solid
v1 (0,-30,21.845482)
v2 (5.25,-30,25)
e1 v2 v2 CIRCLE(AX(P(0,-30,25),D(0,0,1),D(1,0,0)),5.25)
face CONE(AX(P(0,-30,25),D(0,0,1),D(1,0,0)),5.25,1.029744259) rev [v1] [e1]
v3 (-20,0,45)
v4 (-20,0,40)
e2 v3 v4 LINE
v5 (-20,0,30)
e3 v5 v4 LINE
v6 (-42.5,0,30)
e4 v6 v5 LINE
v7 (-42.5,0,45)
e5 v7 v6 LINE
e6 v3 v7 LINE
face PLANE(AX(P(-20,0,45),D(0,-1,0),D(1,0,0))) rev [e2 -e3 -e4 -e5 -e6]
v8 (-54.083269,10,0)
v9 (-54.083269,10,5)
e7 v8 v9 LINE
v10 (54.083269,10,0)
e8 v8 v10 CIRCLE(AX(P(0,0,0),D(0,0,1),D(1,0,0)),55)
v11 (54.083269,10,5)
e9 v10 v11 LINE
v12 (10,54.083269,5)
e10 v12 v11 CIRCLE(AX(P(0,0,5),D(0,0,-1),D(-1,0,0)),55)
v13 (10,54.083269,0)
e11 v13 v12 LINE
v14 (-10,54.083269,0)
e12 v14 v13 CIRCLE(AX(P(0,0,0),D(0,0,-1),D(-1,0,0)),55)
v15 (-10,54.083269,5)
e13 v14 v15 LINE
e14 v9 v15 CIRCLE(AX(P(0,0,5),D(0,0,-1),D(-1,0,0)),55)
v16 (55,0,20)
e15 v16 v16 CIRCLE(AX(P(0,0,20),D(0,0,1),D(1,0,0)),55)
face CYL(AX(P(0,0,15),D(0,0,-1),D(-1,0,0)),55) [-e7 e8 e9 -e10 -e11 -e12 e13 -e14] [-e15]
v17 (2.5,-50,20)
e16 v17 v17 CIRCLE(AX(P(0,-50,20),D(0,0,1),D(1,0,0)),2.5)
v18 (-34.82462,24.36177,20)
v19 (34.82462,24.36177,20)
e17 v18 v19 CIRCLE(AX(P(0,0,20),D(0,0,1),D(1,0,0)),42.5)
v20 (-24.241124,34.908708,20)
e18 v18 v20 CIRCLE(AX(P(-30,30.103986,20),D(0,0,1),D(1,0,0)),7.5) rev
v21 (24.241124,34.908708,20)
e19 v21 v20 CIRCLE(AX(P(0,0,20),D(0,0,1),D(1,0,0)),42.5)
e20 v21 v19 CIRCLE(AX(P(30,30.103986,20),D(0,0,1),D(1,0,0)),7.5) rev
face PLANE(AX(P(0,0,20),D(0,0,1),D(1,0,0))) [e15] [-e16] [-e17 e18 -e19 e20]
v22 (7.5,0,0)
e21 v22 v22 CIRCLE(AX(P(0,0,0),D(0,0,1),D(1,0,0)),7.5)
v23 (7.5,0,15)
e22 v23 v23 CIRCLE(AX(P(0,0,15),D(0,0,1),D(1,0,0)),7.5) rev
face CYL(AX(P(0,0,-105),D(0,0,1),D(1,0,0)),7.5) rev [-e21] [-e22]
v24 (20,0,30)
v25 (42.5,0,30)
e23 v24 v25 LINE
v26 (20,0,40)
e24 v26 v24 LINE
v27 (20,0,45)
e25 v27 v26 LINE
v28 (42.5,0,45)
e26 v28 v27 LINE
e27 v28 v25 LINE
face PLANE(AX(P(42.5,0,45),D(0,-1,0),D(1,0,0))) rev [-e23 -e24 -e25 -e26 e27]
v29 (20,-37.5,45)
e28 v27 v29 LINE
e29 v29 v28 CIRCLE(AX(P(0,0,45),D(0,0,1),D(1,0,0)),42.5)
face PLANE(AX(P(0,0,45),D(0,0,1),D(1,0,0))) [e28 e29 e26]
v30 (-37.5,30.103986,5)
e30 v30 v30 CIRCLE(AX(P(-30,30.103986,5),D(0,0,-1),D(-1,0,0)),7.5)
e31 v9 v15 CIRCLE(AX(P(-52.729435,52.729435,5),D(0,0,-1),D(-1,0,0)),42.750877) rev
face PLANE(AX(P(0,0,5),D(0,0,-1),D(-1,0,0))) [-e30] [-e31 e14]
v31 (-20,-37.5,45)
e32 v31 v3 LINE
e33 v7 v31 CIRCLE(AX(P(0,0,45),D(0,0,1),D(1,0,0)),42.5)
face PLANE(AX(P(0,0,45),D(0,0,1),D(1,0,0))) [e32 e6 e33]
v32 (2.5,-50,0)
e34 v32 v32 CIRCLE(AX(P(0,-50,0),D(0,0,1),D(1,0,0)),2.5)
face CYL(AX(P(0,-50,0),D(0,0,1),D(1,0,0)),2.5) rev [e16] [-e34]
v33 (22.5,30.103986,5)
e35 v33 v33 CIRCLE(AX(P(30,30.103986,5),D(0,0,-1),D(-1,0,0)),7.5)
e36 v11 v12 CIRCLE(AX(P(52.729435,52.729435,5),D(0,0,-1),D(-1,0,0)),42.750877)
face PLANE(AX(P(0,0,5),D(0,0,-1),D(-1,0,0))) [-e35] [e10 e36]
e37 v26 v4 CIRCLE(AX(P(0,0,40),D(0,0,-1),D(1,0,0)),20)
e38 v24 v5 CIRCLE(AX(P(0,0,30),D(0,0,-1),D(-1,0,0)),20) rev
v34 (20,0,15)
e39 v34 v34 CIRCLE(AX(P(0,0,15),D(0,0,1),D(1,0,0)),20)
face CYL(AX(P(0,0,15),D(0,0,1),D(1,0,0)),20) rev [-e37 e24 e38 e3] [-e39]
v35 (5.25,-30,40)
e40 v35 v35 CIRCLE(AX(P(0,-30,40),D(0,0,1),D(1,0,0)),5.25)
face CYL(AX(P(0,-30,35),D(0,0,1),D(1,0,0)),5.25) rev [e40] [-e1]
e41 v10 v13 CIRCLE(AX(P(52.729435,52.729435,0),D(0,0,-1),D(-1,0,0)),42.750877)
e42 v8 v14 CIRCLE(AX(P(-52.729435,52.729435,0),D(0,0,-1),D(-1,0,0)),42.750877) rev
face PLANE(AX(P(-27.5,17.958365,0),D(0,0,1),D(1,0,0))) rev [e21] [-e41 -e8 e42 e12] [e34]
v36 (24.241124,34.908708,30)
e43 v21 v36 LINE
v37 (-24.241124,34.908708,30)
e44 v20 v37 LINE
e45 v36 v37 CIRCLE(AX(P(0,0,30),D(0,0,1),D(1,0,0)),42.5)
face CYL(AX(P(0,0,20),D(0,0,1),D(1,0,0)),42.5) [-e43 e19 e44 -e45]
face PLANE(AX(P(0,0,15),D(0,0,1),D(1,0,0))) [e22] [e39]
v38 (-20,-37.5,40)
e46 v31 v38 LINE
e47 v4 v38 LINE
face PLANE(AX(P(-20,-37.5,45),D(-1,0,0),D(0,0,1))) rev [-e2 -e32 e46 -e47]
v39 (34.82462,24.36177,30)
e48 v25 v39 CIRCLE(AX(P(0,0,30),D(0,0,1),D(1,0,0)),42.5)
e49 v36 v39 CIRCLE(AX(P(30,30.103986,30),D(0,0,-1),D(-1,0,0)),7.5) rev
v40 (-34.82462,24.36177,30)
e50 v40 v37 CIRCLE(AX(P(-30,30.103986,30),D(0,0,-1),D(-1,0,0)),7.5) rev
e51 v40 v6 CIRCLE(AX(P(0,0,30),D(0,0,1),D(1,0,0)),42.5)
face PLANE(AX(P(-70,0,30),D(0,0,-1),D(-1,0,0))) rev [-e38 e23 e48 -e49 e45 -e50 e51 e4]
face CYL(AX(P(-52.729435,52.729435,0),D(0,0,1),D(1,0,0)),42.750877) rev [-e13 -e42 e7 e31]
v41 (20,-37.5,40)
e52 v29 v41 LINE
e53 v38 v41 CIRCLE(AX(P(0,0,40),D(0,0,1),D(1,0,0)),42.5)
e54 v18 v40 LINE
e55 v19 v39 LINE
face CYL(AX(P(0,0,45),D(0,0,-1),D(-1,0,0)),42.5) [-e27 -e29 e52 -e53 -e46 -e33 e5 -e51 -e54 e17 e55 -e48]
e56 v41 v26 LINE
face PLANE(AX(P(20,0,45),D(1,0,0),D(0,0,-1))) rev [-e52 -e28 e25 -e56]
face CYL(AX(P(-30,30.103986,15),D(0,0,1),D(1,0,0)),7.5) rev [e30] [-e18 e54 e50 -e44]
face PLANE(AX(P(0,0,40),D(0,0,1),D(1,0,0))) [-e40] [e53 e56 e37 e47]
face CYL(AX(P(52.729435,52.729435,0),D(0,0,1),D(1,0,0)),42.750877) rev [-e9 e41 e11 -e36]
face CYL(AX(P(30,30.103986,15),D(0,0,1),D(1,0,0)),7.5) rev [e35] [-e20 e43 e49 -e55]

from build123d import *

# Parameters (mm, degrees)
BOSS_EXTRUDE1_DEPTH        = 15
SKETCH2_R                  = 42.5
BOSS_EXTRUDE2_DEPTH        = 10
CUT_EXTRUDE1_DEPTH         = 10
SKETCH4_R                  = 55
BOSS_EXTRUDE3_DEPTH        = 15
SKETCH5_R                  = 42.5
CUT_EXTRUDE16_DEPTH        = 5
BOSS_EXTRUDE4_DEPTH        = 10
SKETCH11_R                 = 20
SKETCH11_R_2               = 7.5
CUT_EXTRUDE18_DEPTH        = 20
SKETCH13_R                 = 2.5
CUT_EXTRUDE19_DEPTH        = 15
SKETCH14_R                 = 7.5
CUT_EXTRUDE20_DEPTH        = 20
CUT_EXTRUDE21_DEPTH        = 20
SKETCH23_R                 = 55
BOSS_EXTRUDE5_DEPTH        = 10
SKETCH24_R                 = 55
BOSS_EXTRUDE6_DEPTH        = 10
SKETCH25_W                 = 15
SKETCH25_H                 = 55
CUT_EXTRUDE22_DEPTH        = 70
SKETCH26_R                 = 7.5
CUT_EXTRUDE23_DEPTH        = 140
CUT_EXTRUDE24_DEPTH        = 140
SKETCH29_R                 = 20
CUT_EXTRUDE25_DEPTH        = 10
CUT_EXTRUDE28_DEPTH        = 10
BOSS_EXTRUDE8_DEPTH        = 5
M12X1_5_TAPPED_HOLE1_D     = 10.5
M12X1_5_TAPPED_HOLE1_DEPTH = 10
M12X1_5_TAPPED_HOLE1_TIP   = 3.15451825
SKETCH37_W                 = 12.5
SKETCH37_H                 = 25
CUT_EXTRUDE29_DEPTH        = 75
CUT_EXTRUDE30_DEPTH        = 20
SKETCH39_R                 = 2.5
CUT_EXTRUDE31_DEPTH        = 20
SKETCH41_R                 = 5.25
BOSS_EXTRUDE17_DEPTH       = 5


with BuildPart() as part:
    # Sketch1 → Boss-Extrude1 (new body)
    with BuildSketch(Plane.XY):
        with BuildLine():
            ThreePointArc((-55, 0), (0, -55), (55, 0))
            ThreePointArc((55, 0), (23.180194847, 13.180194847), (10, 45))
            ThreePointArc((10, 45), (0, 45.916730868), (-10, 45))
            ThreePointArc((-10, 45), (-23.180194847, 13.180194847), (-55, 0))
        make_face()
    extrude(amount=BOSS_EXTRUDE1_DEPTH)

    # Sketch2 → Boss-Extrude2 (add)
    with BuildSketch(Plane.XY.offset(15)):
        Circle(SKETCH2_R)
    extrude(amount=BOSS_EXTRUDE2_DEPTH)

    # Sketch3 → Cut-Extrude1 (cut)
    with BuildSketch(Plane.XY.offset(25)):
        with BuildLine():
            ThreePointArc((-36.280461431, 22.13544936), (-23.020695518, 22.941176471), (-22.260854774, 36.203650986))
            ThreePointArc((-22.260854774, 36.203650986), (-30.103986447, 30), (-36.280461431, 22.13544936))
        make_face()
        with BuildLine():
            ThreePointArc((22.260854774, 36.203650986), (23.020695518, 22.941176471), (36.280461431, 22.13544936))
            ThreePointArc((36.280461431, 22.13544936), (30.103986447, 30), (22.260854774, 36.203650986))
        make_face()
    extrude(amount=-CUT_EXTRUDE1_DEPTH, mode=Mode.SUBTRACT)

    # Sketch4 → Boss-Extrude3 (add)
    with BuildSketch(Plane.XY.offset(25)):
        Circle(SKETCH4_R)
    extrude(amount=BOSS_EXTRUDE3_DEPTH)

    # Sketch5 → Cut-Extrude16 (cut)
    with BuildSketch(Plane.XY.offset(40)):
        Circle(SKETCH5_R)
    extrude(amount=-CUT_EXTRUDE16_DEPTH, mode=Mode.SUBTRACT)

    # Sketch10 → Boss-Extrude4 (add)
    with BuildSketch(Plane.XY.offset(35)):
        with BuildLine():
            Line((-20, -37.5), (-20, 0))
            Line((-20, 0), (-42.5, 0))
            ThreePointArc((-42.5, 0), (-36.443449343, -21.866069606), (-20, -37.5))
        make_face()
        with BuildLine():
            Line((42.5, 0), (20, 0))
            Line((20, 0), (20, -37.5))
            ThreePointArc((20, -37.5), (36.443449343, -21.866069606), (42.5, 0))
        make_face()
    extrude(amount=BOSS_EXTRUDE4_DEPTH)

    # Sketch11 → Cut-Extrude18 (cut)
    with BuildSketch(Plane.XY.offset(35)):
        Circle(SKETCH11_R)
        Circle(SKETCH11_R_2, mode=Mode.SUBTRACT)
    extrude(amount=-CUT_EXTRUDE18_DEPTH, mode=Mode.SUBTRACT)

    # Sketch13 → Cut-Extrude19 (cut)
    with BuildSketch(Plane.XY.offset(40)):
        with Locations((0, -50)):
            Circle(SKETCH13_R)
    extrude(amount=-CUT_EXTRUDE19_DEPTH, mode=Mode.SUBTRACT)

    # Sketch14 → Cut-Extrude20 (cut)
    with BuildSketch(Plane.XY.offset(35)):
        with Locations((-30, 30.103986447)):
            Circle(SKETCH14_R)
        with Locations((30, 30.103986447)):
            Circle(SKETCH14_R)
    extrude(amount=-CUT_EXTRUDE20_DEPTH, mode=Mode.SUBTRACT)

    # Sketch16 → Cut-Extrude21 (cut)
    with BuildSketch(Plane.XY.offset(40)):
        with BuildLine():
            ThreePointArc((-34.824619737, 24.361770464), (-26.832560027, 23.305654003), (-22.5, 30.103986447))
            ThreePointArc((-22.5, 30.103986447), (-22.948703366, 32.659219465), (-24.241124207, 34.908708042))
            ThreePointArc((-24.241124207, 34.908708042), (-30, 30.103986447), (-34.824619737, 24.361770464))
        make_face()
        with BuildLine():
            ThreePointArc((-34.824619737, 24.361770464), (-30, 30.103986447), (-24.241124207, 34.908708042))
            ThreePointArc((-24.241124207, 34.908708042), (-35.294117647, 35.416454644), (-34.824619737, 24.361770464))
        make_face()
        with BuildLine():
            ThreePointArc((37.5, 30.103986447), (32.555233018, 37.155283081), (24.241124207, 34.908708042))
            ThreePointArc((24.241124207, 34.908708042), (30, 30.103986447), (34.824619737, 24.361770464))
            ThreePointArc((34.824619737, 24.361770464), (36.798332444, 26.936546474), (37.5, 30.103986447))
        make_face()
        with BuildLine():
            ThreePointArc((34.824619737, 24.361770464), (30, 30.103986447), (24.241124207, 34.908708042))
            ThreePointArc((24.241124207, 34.908708042), (24.705882353, 24.79151825), (34.824619737, 24.361770464))
        make_face()
    extrude(amount=-CUT_EXTRUDE21_DEPTH, mode=Mode.SUBTRACT)

    # Sketch23 → Boss-Extrude5 (add)
    with BuildSketch(Plane(origin=(0, 0, 15), x_dir=(-1, 0, 0), z_dir=(0, 0, -1))):
        Circle(SKETCH23_R)
    extrude(amount=BOSS_EXTRUDE5_DEPTH)

    # Sketch24 → Boss-Extrude6 (add)
    with BuildSketch(Plane.XY.offset(15)):
        Circle(SKETCH24_R)
    extrude(amount=BOSS_EXTRUDE6_DEPTH)

    # Sketch25 → Cut-Extrude22 (cut, symmetric)
    with BuildSketch(Plane(origin=(0, 0, 0), x_dir=(0, 0, -1), z_dir=(1, 0, 0))):
        with Locations((-37.5, 27.5)):
            Rectangle(SKETCH25_W, SKETCH25_H)
    extrude(amount=CUT_EXTRUDE22_DEPTH, both=True, mode=Mode.SUBTRACT)

    # Sketch26 → Cut-Extrude23 (cut)
    with BuildSketch(Plane.XY.offset(25)):
        with Locations((30, 30.103986447)):
            Circle(SKETCH26_R)
        with Locations((-30, 30.103986447)):
            Circle(SKETCH26_R)
    extrude(amount=-CUT_EXTRUDE23_DEPTH, mode=Mode.SUBTRACT)

    # Sketch27 → Cut-Extrude24 (cut)
    with BuildSketch(Plane.XY.offset(35)):
        with BuildLine():
            ThreePointArc((-7.5, 0), (0, -7.5), (7.5, 0))
            Line((7.5, 0), (-7.5, 0))
        make_face()
        with BuildLine():
            ThreePointArc((7.5, 0), (0, 7.5), (-7.5, 0))
            Line((-7.5, 0), (7.5, 0))
        make_face()
    extrude(amount=-CUT_EXTRUDE24_DEPTH, mode=Mode.SUBTRACT)

    # Sketch29 → Cut-Extrude25 (cut)
    with BuildSketch(Plane.XY.offset(25)):
        Circle(SKETCH29_R)
    extrude(amount=-CUT_EXTRUDE25_DEPTH, mode=Mode.SUBTRACT)

    # Sketch33 → Cut-Extrude28 (cut)
    with BuildSketch(Plane.XY.offset(30)):
        with BuildLine():
            ThreePointArc((55, 0), (0, 55), (-55, 0))
            Line((-55, 0), (-42.5, 0))
            ThreePointArc((-42.5, 0), (-40.535764078, 12.771132706), (-34.824619737, 24.361770464))
            ThreePointArc((-34.824619737, 24.361770464), (-35.294117647, 35.416454644), (-24.241124207, 34.908708042))
            ThreePointArc((-24.241124207, 34.908708042), (0, 42.5), (24.241124207, 34.908708042))
            ThreePointArc((24.241124207, 34.908708042), (32.555233018, 37.155283081), (37.5, 30.103986447))
            ThreePointArc((37.5, 30.103986447), (36.798332444, 26.936546474), (34.824619737, 24.361770464))
            ThreePointArc((34.824619737, 24.361770464), (40.535764078, 12.771132706), (42.5, 0))
            Line((42.5, 0), (55, 0))
        make_face()
    extrude(amount=-CUT_EXTRUDE28_DEPTH, mode=Mode.SUBTRACT)

    # Sketch34 → Boss-Extrude8 (add)
    with BuildSketch(Plane(origin=(0, 0, 5), x_dir=(-1, 0, 0), z_dir=(0, 0, -1))):
        with BuildLine():
            ThreePointArc((-10, 54.083269132), (-22.5, 22.5), (-54.083269132, 10))
            ThreePointArc((-54.083269132, 10), (-54.770337785, 5.02096593), (-55, 0))
            ThreePointArc((-55, 0), (-23.180194847, 13.180194847), (-10, 45))
            ThreePointArc((-10, 45), (0, 45.916730868), (10, 45))
            ThreePointArc((10, 45), (23.180194847, 13.180194847), (55, 0))
            ThreePointArc((55, 0), (54.770337785, 5.02096593), (54.083269132, 10))
            ThreePointArc((54.083269132, 10), (22.5, 22.5), (10, 54.083269132))
            ThreePointArc((10, 54.083269132), (0, 55), (-10, 54.083269132))
        make_face()
    extrude(amount=BOSS_EXTRUDE8_DEPTH)

    # M12x1.5 Tapped Hole1
    with Locations(Plane(origin=(0, -30, 35), x_dir=(1, 0, 0), z_dir=(0, 0, 1))):
        with Locations((0, 0)):
            Hole(M12X1_5_TAPPED_HOLE1_D / 2, depth=M12X1_5_TAPPED_HOLE1_DEPTH)
            with Locations((0, 0, -(M12X1_5_TAPPED_HOLE1_DEPTH + M12X1_5_TAPPED_HOLE1_TIP / 2))):  # 118° drill point
                Cone(0, M12X1_5_TAPPED_HOLE1_D / 2, M12X1_5_TAPPED_HOLE1_TIP, mode=Mode.SUBTRACT)

    # Sketch37 → Cut-Extrude29 (cut)
    with BuildSketch(Plane(origin=(0, 0, 0), x_dir=(1, 0, 0), z_dir=(0, 1, 0))):
        with Locations((-48.75, -32.5)):
            Rectangle(SKETCH37_W, SKETCH37_H)
        with Locations((48.75, -32.5)):
            Rectangle(SKETCH37_W, SKETCH37_H)
    extrude(amount=-CUT_EXTRUDE29_DEPTH, mode=Mode.SUBTRACT)

    # Sketch38 → Cut-Extrude30 (cut)
    with BuildSketch(Plane.XY.offset(40)):
        with BuildLine():
            Line((-42.5, 0), (-42.5, -34.910600109))
            ThreePointArc((-42.5, -34.910600109), (0, -55), (42.5, -34.910600109))
            Line((42.5, -34.910600109), (42.5, 0))
            ThreePointArc((42.5, 0), (36.443449343, -21.866069606), (20, -37.5))
            ThreePointArc((20, -37.5), (0, -42.5), (-20, -37.5))
            ThreePointArc((-20, -37.5), (-36.443449343, -21.866069606), (-42.5, 0))
        make_face()
    extrude(amount=-CUT_EXTRUDE30_DEPTH, mode=Mode.SUBTRACT)

    # Sketch39 → Cut-Extrude31 (cut)
    with BuildSketch(Plane.XY.offset(20)):
        with Locations((0, -50)):
            Circle(SKETCH39_R)
    extrude(amount=-CUT_EXTRUDE31_DEPTH, mode=Mode.SUBTRACT)

    # Sketch41 → Boss-Extrude17 (add)
    with BuildSketch(Plane.XY.offset(35)):
        with BuildLine():
            Line((-20, 0), (-20, -37.5))
            ThreePointArc((-20, -37.5), (0, -42.5), (20, -37.5))
            Line((20, -37.5), (20, 0))
            ThreePointArc((20, 0), (0, -20), (-20, 0))
        make_face()
        with Locations((0, -30)):
            Circle(SKETCH41_R, mode=Mode.SUBTRACT)
    extrude(amount=BOSS_EXTRUDE17_DEPTH)


solid = part.part
